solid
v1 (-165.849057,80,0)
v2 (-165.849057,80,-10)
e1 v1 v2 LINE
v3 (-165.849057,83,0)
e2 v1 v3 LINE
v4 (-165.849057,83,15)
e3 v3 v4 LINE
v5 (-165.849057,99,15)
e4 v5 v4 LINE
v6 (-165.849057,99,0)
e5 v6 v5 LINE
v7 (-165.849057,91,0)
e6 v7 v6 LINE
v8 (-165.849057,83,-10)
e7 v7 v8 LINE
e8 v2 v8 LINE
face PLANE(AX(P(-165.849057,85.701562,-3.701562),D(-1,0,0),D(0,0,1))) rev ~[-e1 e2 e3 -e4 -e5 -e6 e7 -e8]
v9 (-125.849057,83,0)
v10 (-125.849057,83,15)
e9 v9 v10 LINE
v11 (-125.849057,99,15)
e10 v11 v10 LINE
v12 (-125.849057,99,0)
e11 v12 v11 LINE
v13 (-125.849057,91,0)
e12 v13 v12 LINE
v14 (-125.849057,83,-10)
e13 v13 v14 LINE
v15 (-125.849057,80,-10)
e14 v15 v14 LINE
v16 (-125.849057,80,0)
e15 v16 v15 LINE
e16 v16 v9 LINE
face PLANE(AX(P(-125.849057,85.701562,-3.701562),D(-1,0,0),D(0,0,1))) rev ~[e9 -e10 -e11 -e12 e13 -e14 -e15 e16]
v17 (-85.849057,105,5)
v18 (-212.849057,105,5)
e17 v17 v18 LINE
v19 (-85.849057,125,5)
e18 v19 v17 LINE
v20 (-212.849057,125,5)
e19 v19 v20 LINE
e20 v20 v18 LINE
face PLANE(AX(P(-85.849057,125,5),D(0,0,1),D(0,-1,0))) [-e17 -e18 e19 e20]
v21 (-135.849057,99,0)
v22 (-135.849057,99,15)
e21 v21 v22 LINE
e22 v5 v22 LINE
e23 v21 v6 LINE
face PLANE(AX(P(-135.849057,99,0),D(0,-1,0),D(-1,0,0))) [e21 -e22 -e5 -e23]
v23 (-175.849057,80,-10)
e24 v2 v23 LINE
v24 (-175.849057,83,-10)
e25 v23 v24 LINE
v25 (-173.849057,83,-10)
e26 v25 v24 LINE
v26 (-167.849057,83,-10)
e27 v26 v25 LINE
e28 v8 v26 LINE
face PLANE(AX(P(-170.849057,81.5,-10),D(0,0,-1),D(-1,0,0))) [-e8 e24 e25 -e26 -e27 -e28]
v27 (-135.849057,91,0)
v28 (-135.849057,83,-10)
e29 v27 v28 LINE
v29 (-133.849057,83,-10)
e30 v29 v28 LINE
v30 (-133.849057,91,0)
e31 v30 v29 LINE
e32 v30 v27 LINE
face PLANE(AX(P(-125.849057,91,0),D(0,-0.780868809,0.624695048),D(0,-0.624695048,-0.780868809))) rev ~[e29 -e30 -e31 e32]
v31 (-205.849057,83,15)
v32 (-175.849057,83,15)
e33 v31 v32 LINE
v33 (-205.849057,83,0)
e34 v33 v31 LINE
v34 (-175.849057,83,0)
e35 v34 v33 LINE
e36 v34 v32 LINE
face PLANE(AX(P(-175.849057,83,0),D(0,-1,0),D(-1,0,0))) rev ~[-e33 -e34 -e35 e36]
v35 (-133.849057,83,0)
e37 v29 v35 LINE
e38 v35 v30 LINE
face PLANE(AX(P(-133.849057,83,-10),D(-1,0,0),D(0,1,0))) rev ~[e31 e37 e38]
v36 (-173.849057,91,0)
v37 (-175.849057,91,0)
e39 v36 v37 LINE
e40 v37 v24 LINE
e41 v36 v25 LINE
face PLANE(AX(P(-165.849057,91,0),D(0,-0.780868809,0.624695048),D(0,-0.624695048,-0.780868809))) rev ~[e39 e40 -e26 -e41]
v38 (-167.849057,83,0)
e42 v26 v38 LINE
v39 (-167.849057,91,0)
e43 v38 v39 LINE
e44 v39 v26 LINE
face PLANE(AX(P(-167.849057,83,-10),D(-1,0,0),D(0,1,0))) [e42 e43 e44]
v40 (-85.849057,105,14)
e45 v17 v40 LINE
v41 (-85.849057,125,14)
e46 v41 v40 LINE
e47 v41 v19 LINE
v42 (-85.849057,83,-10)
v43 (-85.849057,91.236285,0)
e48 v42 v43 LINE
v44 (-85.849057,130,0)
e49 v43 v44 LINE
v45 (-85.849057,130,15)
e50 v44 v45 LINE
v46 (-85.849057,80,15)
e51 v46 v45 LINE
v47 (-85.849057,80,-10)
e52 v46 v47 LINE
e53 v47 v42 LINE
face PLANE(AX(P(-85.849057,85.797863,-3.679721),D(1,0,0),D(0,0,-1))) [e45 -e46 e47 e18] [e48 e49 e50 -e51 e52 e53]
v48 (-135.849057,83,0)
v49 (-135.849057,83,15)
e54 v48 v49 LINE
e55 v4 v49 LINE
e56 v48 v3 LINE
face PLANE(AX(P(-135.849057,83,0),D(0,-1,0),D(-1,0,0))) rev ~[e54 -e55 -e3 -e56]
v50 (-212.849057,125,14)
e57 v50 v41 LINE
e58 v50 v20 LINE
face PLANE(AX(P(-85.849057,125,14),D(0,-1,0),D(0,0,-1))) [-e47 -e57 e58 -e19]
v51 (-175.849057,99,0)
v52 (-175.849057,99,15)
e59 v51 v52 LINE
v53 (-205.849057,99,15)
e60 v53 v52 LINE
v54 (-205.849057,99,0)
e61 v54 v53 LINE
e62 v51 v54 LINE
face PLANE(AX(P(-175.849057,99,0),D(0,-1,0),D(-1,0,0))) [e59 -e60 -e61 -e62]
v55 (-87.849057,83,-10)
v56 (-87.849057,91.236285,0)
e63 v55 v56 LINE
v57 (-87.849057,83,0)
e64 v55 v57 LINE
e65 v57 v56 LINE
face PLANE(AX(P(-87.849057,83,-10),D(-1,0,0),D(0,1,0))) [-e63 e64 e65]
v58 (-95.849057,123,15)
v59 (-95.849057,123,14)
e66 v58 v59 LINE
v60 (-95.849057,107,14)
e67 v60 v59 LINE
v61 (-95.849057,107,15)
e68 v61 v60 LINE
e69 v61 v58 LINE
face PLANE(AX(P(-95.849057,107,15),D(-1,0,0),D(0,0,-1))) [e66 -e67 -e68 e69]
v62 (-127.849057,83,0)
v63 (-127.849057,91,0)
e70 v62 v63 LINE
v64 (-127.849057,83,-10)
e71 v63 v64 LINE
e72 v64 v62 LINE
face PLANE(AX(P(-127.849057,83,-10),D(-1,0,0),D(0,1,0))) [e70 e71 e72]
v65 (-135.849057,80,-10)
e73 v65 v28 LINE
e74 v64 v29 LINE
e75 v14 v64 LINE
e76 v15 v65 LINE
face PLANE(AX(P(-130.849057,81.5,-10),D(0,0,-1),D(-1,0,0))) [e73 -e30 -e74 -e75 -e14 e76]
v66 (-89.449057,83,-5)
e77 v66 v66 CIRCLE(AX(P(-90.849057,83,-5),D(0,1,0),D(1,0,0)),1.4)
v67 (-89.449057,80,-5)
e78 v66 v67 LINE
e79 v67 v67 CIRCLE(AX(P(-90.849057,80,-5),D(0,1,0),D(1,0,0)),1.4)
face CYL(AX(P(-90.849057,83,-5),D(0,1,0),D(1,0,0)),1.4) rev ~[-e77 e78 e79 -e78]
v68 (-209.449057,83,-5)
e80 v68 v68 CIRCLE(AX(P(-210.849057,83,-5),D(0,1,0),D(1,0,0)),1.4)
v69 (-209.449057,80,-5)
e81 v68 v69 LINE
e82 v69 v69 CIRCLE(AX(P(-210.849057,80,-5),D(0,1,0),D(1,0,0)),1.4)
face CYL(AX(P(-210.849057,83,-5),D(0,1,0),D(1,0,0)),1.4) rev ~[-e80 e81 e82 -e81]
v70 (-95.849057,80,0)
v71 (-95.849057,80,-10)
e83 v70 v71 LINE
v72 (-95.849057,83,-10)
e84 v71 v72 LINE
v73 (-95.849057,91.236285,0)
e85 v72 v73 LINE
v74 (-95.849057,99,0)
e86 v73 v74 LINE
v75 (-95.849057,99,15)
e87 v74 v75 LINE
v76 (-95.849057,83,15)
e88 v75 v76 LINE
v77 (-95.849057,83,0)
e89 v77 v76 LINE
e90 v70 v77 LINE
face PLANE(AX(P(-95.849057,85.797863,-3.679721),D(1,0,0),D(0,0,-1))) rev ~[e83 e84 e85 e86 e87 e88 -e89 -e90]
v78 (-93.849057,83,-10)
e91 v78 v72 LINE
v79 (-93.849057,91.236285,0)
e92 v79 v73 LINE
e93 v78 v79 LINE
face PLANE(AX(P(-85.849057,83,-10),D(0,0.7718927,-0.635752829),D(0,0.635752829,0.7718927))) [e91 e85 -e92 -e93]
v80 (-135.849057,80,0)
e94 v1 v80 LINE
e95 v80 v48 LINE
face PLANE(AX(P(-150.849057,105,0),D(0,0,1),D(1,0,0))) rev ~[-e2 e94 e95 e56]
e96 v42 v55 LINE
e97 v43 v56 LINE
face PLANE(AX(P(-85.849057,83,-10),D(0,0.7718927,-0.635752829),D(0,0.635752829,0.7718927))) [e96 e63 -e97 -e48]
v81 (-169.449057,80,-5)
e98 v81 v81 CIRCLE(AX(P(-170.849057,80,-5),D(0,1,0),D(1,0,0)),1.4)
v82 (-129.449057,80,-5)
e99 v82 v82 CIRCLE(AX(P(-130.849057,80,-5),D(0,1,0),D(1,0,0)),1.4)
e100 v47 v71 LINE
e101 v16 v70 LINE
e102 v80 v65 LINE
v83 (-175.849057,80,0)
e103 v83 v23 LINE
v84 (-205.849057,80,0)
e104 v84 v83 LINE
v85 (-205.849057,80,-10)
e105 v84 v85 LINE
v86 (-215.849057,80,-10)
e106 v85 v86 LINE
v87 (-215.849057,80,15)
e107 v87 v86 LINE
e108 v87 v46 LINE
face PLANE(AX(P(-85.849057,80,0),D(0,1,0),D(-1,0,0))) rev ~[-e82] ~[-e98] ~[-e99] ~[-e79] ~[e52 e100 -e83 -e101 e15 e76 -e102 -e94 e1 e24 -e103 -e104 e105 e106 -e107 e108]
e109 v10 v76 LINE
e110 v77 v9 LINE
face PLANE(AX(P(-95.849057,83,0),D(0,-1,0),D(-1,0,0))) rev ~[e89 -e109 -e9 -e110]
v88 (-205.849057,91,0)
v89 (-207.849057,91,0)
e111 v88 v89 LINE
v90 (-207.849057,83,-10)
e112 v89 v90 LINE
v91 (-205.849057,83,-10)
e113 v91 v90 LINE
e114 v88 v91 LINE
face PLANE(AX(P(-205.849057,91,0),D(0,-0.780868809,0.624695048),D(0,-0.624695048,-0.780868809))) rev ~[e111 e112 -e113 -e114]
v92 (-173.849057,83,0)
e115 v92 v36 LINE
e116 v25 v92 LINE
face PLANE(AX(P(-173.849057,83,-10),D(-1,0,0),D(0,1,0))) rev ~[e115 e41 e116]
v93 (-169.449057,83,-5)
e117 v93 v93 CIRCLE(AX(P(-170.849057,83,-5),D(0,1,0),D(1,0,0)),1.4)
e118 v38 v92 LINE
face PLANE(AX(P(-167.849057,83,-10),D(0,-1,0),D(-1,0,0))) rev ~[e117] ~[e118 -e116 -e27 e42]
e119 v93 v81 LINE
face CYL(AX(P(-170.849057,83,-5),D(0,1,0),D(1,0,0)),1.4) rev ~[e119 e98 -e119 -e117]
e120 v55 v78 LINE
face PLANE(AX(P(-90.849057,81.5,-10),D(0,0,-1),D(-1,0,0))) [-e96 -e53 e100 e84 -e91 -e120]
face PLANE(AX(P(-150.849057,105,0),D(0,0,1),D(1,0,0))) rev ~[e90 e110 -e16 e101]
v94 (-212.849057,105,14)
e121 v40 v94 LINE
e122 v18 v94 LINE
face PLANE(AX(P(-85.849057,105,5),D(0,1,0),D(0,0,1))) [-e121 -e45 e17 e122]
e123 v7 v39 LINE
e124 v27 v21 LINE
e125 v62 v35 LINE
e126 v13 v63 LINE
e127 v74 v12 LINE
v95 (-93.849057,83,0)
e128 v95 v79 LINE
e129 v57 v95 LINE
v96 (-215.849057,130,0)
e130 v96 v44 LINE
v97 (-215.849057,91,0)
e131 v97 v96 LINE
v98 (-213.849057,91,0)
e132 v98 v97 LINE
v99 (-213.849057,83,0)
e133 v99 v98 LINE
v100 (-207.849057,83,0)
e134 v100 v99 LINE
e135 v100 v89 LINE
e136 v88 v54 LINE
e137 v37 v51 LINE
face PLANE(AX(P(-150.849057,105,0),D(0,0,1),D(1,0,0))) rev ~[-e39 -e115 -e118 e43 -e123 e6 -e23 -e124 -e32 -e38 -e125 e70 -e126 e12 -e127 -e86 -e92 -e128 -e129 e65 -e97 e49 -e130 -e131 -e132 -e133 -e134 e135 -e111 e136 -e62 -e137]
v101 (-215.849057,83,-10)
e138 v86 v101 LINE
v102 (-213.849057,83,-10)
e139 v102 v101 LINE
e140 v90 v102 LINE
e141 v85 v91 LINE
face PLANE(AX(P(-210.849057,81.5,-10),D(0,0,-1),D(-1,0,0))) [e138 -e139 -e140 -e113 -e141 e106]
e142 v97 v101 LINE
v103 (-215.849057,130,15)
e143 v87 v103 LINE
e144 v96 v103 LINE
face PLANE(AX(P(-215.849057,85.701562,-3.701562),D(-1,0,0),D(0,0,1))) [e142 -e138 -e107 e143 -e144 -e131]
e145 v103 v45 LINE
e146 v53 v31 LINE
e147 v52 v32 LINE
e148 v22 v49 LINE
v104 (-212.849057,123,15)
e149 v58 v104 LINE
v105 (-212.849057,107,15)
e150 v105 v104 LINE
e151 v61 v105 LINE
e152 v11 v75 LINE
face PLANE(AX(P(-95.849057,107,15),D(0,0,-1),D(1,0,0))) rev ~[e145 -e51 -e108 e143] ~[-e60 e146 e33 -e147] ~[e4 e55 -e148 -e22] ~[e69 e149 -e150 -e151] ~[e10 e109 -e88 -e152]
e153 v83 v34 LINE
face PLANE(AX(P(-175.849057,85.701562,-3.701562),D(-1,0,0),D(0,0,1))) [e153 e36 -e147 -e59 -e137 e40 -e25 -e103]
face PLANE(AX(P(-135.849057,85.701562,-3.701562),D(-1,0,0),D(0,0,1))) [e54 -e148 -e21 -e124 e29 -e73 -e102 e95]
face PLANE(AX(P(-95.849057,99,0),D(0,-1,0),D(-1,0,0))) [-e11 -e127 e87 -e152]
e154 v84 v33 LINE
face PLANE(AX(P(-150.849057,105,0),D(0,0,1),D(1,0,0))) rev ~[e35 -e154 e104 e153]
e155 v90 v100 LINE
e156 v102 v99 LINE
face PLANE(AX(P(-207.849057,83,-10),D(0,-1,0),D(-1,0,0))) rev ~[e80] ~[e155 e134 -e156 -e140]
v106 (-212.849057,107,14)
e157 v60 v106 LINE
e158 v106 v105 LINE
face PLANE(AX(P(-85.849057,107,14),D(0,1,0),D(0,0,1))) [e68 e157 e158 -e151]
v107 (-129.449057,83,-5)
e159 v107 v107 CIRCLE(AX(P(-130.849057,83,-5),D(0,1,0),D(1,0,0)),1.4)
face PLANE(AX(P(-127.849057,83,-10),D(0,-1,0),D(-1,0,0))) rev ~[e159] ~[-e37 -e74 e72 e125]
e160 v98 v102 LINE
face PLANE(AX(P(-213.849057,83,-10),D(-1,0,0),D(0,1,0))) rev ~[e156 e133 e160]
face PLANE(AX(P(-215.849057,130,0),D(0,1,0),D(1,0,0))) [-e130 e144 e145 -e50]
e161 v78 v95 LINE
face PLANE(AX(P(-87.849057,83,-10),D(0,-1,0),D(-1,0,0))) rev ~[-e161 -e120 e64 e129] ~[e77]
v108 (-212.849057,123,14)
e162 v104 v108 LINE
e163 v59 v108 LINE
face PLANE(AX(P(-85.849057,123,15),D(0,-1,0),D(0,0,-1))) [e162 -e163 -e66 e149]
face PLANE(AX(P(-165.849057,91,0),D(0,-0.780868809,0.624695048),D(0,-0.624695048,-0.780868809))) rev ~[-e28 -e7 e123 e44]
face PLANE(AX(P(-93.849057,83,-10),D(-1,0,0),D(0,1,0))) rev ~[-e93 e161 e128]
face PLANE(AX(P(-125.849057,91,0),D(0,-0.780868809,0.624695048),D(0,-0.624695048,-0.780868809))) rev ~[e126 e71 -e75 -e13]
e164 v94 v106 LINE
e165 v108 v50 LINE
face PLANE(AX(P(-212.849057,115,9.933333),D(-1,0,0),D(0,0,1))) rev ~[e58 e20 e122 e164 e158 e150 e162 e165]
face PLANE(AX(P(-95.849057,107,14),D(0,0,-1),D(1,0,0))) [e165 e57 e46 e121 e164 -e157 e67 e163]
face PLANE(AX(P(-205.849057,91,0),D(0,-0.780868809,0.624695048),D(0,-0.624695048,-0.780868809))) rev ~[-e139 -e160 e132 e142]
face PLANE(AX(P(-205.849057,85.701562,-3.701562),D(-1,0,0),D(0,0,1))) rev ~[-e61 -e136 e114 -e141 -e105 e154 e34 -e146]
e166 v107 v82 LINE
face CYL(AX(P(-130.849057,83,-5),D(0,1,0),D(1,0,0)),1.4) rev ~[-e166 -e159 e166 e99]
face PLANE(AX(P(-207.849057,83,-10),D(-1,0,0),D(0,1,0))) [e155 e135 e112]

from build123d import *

# Parameters (mm, degrees)
SKETCH1_W               = 130
SKETCH1_H               = 50
BOSS_EXTRUDE1_DEPTH     = 15
CUT_EXTRUDE1_DEPTH      = 1
CUT_EXTRUDE1_DEPTH_BACK = 127
SKETCH4_W               = 10
SKETCH4_H               = 3
BOSS_EXTRUDE2_DEPTH     = 10
SKETCH6_W               = 30
SKETCH6_H               = 16
CUT_EXTRUDE2_DEPTH      = 16
SKETCH7_R               = 1.375
CUT_EXTRUDE3_DEPTH      = 4
SKETCH9_W               = 10
SKETCH9_H               = 3
BOSS_EXTRUDE4_DEPTH     = 10
SKETCH10_R              = 1.375
CUT_EXTRUDE4_DEPTH      = 10
SKETCH11_W              = 10
SKETCH11_H              = 1
BOSS_EXTRUDE5_DEPTH     = 20
SKETCH13_W              = 10
SKETCH13_H              = 3
CUT_EXTRUDE5_DEPTH      = 10
SKETCH14_W              = 10
SKETCH14_H              = 3
CUT_EXTRUDE6_DEPTH      = 10
SKETCH15_W              = 10
SKETCH15_H              = 3
CUT_EXTRUDE7_DEPTH      = 10
SKETCH16_W              = 10
SKETCH16_H              = 3
BOSS_EXTRUDE6_DEPTH     = 10
BOSS_EXTRUDE8_DEPTH     = 10
BOSS_EXTRUDE9_DEPTH     = 10
BOSS_EXTRUDE10_DEPTH    = 10
BOSS_EXTRUDE11_DEPTH    = 10
SKETCH29_W              = 6
SKETCH29_H              = 10
CUT_EXTRUDE10_DEPTH     = 10
SKETCH30_W              = 6
SKETCH30_H              = 10
CUT_EXTRUDE11_DEPTH     = 10
SKETCH31_W              = 6
SKETCH31_H              = 10
CUT_EXTRUDE12_DEPTH     = 10
SKETCH32_W              = 6
SKETCH32_H              = 10
CUT_EXTRUDE13_DEPTH     = 10
SKETCH35_R              = 1.4
CUT_EXTRUDE14_DEPTH     = 5


with BuildPart() as part:
    # Sketch1 → Boss-Extrude1 (new body)
    with BuildSketch(Plane.XY):
        with Locations((-150.849056604, 105)):
            Rectangle(SKETCH1_W, SKETCH1_H)
    extrude(amount=BOSS_EXTRUDE1_DEPTH)

    # Sketch3 → Cut-Extrude1 (cut, two sides)
    with BuildSketch(Plane(origin=(-85.849056604, 0, 0), x_dir=(0, 0, -1), z_dir=(1, 0, 0))) as cut_extrude1_sk:
        Polygon((-14, 125), (-5, 125), (-5, 105), (-14, 105), (-14, 107), (-15, 107), (-15, 123), (-14, 123), align=None)
    extrude(amount=CUT_EXTRUDE1_DEPTH, mode=Mode.SUBTRACT)
    extrude(cut_extrude1_sk.sketch, amount=-CUT_EXTRUDE1_DEPTH_BACK, mode=Mode.SUBTRACT)

    # Sketch4 → Boss-Extrude2 (add)
    with BuildSketch(Plane(origin=(0, 0, 0), x_dir=(-1, 0, 0), z_dir=(0, 0, -1))):
        with Locations((105.849056604, 81.5)):
            Rectangle(SKETCH4_W, SKETCH4_H)
        with Locations((195.849056604, 81.5)):
            Rectangle(SKETCH4_W, SKETCH4_H)
    extrude(amount=BOSS_EXTRUDE2_DEPTH)

    # Sketch6 → Cut-Extrude2 (cut, through all)
    with BuildSketch(Plane(origin=(0, 0, 0), x_dir=(-1, 0, 0), z_dir=(0, 0, -1))):
        with Locations((190.849056604, 91)):
            Rectangle(SKETCH6_W, SKETCH6_H)
        with Locations((150.849056604, 91)):
            Rectangle(SKETCH6_W, SKETCH6_H)
        with Locations((110.849056604, 91)):
            Rectangle(SKETCH6_W, SKETCH6_H)
    extrude(amount=-CUT_EXTRUDE2_DEPTH, mode=Mode.SUBTRACT)

    # Sketch7 → Cut-Extrude3 (cut, through all)
    with BuildSketch(Plane(origin=(0, 83, 0), x_dir=(1, 0, 0), z_dir=(0, 1, 0))):
        with Locations((-105.849056604, 5)):
            Circle(SKETCH7_R)
    cut_extrude3 = extrude(amount=-CUT_EXTRUDE3_DEPTH, mode=Mode.SUBTRACT)

    # Mirror1: Cut-Extrude3 across plane
    add(cut_extrude3.mirror(Plane(origin=(-151, 0, 0), x_dir=(0, 0, 1), z_dir=(1, 0, 0))), mode=Mode.SUBTRACT)

    # Sketch9 → Boss-Extrude4 (add)
    with BuildSketch(Plane(origin=(0, 0, 0), x_dir=(-1, 0, 0), z_dir=(0, 0, -1))):
        with Locations((150.849056604, 81.5)):
            Rectangle(SKETCH9_W, SKETCH9_H)
    extrude(amount=BOSS_EXTRUDE4_DEPTH)

    # Sketch10 → Cut-Extrude4 (cut)
    with BuildSketch(Plane(origin=(0, 83, 0), x_dir=(1, 0, 0), z_dir=(0, 1, 0))):
        with Locations((-150.849056604, 5)):
            Circle(SKETCH10_R)
    extrude(amount=-CUT_EXTRUDE4_DEPTH, mode=Mode.SUBTRACT)

    # Sketch11 → Boss-Extrude5 (add)
    with BuildSketch(Plane(origin=(0, 107, 0), x_dir=(1, 0, 0), z_dir=(0, 1, 0))):
        with Locations((-90.849056604, -14.5)):
            Rectangle(SKETCH11_W, SKETCH11_H)
    extrude(amount=BOSS_EXTRUDE5_DEPTH)

    # Sketch13 → Cut-Extrude5 (cut)
    with BuildSketch(Plane(origin=(0, 0, -10), x_dir=(-1, 0, 0), z_dir=(0, 0, -1))):
        with Locations((105.849056604, 81.5)):
            Rectangle(SKETCH13_W, SKETCH13_H)
    extrude(amount=-CUT_EXTRUDE5_DEPTH, mode=Mode.SUBTRACT)

    # Sketch14 → Cut-Extrude6 (cut)
    with BuildSketch(Plane(origin=(0, 0, -10), x_dir=(-1, 0, 0), z_dir=(0, 0, -1))):
        with Locations((150.849056604, 81.5)):
            Rectangle(SKETCH14_W, SKETCH14_H)
    extrude(amount=-CUT_EXTRUDE6_DEPTH, mode=Mode.SUBTRACT)

    # Sketch15 → Cut-Extrude7 (cut)
    with BuildSketch(Plane(origin=(0, 0, -10), x_dir=(-1, 0, 0), z_dir=(0, 0, -1))):
        with Locations((195.849056604, 81.5)):
            Rectangle(SKETCH15_W, SKETCH15_H)
    extrude(amount=-CUT_EXTRUDE7_DEPTH, mode=Mode.SUBTRACT)

    # Sketch16 → Boss-Extrude6 (add)
    with BuildSketch(Plane(origin=(0, 0, 0), x_dir=(-1, 0, 0), z_dir=(0, 0, -1))):
        with Locations((90.849056604, 81.5)):
            Rectangle(SKETCH16_W, SKETCH16_H)
        with Locations((130.849056604, 81.5)):
            Rectangle(SKETCH16_W, SKETCH16_H)
        with Locations((170.849056604, 81.5)):
            Rectangle(SKETCH16_W, SKETCH16_H)
        with Locations((210.849056604, 81.5)):
            Rectangle(SKETCH16_W, SKETCH16_H)
    extrude(amount=BOSS_EXTRUDE6_DEPTH)

    # Sketch18 → Boss-Extrude8 (add)
    with BuildSketch(Plane(origin=(-85.849056604, 0, 0), x_dir=(0, 0, -1), z_dir=(1, 0, 0))):
        Polygon((10, 83), (0, 91.236285037), (0, 83), align=None)
    extrude(amount=-BOSS_EXTRUDE8_DEPTH)

    # Sketch20 → Boss-Extrude9 (add)
    with BuildSketch(Plane(origin=(-125.849056604, 0, 0), x_dir=(0, 0, -1), z_dir=(1, 0, 0))):
        Polygon((0, 83), (0, 91), (10, 83), align=None)
    extrude(amount=-BOSS_EXTRUDE9_DEPTH)

    # Sketch21 → Boss-Extrude10 (add)
    with BuildSketch(Plane(origin=(-165.849056604, 0, 0), x_dir=(0, 0, -1), z_dir=(1, 0, 0))):
        Polygon((0, 83), (0, 91), (10, 83), align=None)
    extrude(amount=-BOSS_EXTRUDE10_DEPTH)

    # Sketch22 → Boss-Extrude11 (add)
    with BuildSketch(Plane(origin=(-205.849056604, 0, 0), x_dir=(0, 0, -1), z_dir=(1, 0, 0))):
        Polygon((0, 83), (0, 91), (10, 83), align=None)
    extrude(amount=-BOSS_EXTRUDE11_DEPTH)

    # Sketch29 → Cut-Extrude10 (cut)
    with BuildSketch(Plane(origin=(0, 0, -10), x_dir=(-1, 0, 0), z_dir=(0, 0, -1))):
        with Locations((90.849056604, 88)):
            Rectangle(SKETCH29_W, SKETCH29_H)
    extrude(amount=-CUT_EXTRUDE10_DEPTH, mode=Mode.SUBTRACT)

    # Sketch30 → Cut-Extrude11 (cut)
    with BuildSketch(Plane(origin=(0, 0, -10), x_dir=(-1, 0, 0), z_dir=(0, 0, -1))):
        with Locations((130.849056604, 88)):
            Rectangle(SKETCH30_W, SKETCH30_H)
    extrude(amount=-CUT_EXTRUDE11_DEPTH, mode=Mode.SUBTRACT)

    # Sketch31 → Cut-Extrude12 (cut)
    with BuildSketch(Plane(origin=(0, 0, -10), x_dir=(-1, 0, 0), z_dir=(0, 0, -1))):
        with Locations((170.849056604, 88)):
            Rectangle(SKETCH31_W, SKETCH31_H)
    extrude(amount=-CUT_EXTRUDE12_DEPTH, mode=Mode.SUBTRACT)

    # Sketch32 → Cut-Extrude13 (cut)
    with BuildSketch(Plane(origin=(0, 0, -10), x_dir=(-1, 0, 0), z_dir=(0, 0, -1))):
        with Locations((210.849056604, 88)):
            Rectangle(SKETCH32_W, SKETCH32_H)
    extrude(amount=-CUT_EXTRUDE13_DEPTH, mode=Mode.SUBTRACT)

    # Sketch35 → Cut-Extrude14 (cut)
    with BuildSketch(Plane(origin=(0, 83, 0), x_dir=(1, 0, 0), z_dir=(0, 1, 0))):
        with Locations((-210.849056604, 5)):
            Circle(SKETCH35_R)
        with Locations((-170.849056604, 5)):
            Circle(SKETCH35_R)
        with Locations((-130.849056604, 5)):
            Circle(SKETCH35_R)
        with Locations((-90.849056604, 5)):
            Circle(SKETCH35_R)
    extrude(amount=-CUT_EXTRUDE14_DEPTH, mode=Mode.SUBTRACT)


solid = part.part
